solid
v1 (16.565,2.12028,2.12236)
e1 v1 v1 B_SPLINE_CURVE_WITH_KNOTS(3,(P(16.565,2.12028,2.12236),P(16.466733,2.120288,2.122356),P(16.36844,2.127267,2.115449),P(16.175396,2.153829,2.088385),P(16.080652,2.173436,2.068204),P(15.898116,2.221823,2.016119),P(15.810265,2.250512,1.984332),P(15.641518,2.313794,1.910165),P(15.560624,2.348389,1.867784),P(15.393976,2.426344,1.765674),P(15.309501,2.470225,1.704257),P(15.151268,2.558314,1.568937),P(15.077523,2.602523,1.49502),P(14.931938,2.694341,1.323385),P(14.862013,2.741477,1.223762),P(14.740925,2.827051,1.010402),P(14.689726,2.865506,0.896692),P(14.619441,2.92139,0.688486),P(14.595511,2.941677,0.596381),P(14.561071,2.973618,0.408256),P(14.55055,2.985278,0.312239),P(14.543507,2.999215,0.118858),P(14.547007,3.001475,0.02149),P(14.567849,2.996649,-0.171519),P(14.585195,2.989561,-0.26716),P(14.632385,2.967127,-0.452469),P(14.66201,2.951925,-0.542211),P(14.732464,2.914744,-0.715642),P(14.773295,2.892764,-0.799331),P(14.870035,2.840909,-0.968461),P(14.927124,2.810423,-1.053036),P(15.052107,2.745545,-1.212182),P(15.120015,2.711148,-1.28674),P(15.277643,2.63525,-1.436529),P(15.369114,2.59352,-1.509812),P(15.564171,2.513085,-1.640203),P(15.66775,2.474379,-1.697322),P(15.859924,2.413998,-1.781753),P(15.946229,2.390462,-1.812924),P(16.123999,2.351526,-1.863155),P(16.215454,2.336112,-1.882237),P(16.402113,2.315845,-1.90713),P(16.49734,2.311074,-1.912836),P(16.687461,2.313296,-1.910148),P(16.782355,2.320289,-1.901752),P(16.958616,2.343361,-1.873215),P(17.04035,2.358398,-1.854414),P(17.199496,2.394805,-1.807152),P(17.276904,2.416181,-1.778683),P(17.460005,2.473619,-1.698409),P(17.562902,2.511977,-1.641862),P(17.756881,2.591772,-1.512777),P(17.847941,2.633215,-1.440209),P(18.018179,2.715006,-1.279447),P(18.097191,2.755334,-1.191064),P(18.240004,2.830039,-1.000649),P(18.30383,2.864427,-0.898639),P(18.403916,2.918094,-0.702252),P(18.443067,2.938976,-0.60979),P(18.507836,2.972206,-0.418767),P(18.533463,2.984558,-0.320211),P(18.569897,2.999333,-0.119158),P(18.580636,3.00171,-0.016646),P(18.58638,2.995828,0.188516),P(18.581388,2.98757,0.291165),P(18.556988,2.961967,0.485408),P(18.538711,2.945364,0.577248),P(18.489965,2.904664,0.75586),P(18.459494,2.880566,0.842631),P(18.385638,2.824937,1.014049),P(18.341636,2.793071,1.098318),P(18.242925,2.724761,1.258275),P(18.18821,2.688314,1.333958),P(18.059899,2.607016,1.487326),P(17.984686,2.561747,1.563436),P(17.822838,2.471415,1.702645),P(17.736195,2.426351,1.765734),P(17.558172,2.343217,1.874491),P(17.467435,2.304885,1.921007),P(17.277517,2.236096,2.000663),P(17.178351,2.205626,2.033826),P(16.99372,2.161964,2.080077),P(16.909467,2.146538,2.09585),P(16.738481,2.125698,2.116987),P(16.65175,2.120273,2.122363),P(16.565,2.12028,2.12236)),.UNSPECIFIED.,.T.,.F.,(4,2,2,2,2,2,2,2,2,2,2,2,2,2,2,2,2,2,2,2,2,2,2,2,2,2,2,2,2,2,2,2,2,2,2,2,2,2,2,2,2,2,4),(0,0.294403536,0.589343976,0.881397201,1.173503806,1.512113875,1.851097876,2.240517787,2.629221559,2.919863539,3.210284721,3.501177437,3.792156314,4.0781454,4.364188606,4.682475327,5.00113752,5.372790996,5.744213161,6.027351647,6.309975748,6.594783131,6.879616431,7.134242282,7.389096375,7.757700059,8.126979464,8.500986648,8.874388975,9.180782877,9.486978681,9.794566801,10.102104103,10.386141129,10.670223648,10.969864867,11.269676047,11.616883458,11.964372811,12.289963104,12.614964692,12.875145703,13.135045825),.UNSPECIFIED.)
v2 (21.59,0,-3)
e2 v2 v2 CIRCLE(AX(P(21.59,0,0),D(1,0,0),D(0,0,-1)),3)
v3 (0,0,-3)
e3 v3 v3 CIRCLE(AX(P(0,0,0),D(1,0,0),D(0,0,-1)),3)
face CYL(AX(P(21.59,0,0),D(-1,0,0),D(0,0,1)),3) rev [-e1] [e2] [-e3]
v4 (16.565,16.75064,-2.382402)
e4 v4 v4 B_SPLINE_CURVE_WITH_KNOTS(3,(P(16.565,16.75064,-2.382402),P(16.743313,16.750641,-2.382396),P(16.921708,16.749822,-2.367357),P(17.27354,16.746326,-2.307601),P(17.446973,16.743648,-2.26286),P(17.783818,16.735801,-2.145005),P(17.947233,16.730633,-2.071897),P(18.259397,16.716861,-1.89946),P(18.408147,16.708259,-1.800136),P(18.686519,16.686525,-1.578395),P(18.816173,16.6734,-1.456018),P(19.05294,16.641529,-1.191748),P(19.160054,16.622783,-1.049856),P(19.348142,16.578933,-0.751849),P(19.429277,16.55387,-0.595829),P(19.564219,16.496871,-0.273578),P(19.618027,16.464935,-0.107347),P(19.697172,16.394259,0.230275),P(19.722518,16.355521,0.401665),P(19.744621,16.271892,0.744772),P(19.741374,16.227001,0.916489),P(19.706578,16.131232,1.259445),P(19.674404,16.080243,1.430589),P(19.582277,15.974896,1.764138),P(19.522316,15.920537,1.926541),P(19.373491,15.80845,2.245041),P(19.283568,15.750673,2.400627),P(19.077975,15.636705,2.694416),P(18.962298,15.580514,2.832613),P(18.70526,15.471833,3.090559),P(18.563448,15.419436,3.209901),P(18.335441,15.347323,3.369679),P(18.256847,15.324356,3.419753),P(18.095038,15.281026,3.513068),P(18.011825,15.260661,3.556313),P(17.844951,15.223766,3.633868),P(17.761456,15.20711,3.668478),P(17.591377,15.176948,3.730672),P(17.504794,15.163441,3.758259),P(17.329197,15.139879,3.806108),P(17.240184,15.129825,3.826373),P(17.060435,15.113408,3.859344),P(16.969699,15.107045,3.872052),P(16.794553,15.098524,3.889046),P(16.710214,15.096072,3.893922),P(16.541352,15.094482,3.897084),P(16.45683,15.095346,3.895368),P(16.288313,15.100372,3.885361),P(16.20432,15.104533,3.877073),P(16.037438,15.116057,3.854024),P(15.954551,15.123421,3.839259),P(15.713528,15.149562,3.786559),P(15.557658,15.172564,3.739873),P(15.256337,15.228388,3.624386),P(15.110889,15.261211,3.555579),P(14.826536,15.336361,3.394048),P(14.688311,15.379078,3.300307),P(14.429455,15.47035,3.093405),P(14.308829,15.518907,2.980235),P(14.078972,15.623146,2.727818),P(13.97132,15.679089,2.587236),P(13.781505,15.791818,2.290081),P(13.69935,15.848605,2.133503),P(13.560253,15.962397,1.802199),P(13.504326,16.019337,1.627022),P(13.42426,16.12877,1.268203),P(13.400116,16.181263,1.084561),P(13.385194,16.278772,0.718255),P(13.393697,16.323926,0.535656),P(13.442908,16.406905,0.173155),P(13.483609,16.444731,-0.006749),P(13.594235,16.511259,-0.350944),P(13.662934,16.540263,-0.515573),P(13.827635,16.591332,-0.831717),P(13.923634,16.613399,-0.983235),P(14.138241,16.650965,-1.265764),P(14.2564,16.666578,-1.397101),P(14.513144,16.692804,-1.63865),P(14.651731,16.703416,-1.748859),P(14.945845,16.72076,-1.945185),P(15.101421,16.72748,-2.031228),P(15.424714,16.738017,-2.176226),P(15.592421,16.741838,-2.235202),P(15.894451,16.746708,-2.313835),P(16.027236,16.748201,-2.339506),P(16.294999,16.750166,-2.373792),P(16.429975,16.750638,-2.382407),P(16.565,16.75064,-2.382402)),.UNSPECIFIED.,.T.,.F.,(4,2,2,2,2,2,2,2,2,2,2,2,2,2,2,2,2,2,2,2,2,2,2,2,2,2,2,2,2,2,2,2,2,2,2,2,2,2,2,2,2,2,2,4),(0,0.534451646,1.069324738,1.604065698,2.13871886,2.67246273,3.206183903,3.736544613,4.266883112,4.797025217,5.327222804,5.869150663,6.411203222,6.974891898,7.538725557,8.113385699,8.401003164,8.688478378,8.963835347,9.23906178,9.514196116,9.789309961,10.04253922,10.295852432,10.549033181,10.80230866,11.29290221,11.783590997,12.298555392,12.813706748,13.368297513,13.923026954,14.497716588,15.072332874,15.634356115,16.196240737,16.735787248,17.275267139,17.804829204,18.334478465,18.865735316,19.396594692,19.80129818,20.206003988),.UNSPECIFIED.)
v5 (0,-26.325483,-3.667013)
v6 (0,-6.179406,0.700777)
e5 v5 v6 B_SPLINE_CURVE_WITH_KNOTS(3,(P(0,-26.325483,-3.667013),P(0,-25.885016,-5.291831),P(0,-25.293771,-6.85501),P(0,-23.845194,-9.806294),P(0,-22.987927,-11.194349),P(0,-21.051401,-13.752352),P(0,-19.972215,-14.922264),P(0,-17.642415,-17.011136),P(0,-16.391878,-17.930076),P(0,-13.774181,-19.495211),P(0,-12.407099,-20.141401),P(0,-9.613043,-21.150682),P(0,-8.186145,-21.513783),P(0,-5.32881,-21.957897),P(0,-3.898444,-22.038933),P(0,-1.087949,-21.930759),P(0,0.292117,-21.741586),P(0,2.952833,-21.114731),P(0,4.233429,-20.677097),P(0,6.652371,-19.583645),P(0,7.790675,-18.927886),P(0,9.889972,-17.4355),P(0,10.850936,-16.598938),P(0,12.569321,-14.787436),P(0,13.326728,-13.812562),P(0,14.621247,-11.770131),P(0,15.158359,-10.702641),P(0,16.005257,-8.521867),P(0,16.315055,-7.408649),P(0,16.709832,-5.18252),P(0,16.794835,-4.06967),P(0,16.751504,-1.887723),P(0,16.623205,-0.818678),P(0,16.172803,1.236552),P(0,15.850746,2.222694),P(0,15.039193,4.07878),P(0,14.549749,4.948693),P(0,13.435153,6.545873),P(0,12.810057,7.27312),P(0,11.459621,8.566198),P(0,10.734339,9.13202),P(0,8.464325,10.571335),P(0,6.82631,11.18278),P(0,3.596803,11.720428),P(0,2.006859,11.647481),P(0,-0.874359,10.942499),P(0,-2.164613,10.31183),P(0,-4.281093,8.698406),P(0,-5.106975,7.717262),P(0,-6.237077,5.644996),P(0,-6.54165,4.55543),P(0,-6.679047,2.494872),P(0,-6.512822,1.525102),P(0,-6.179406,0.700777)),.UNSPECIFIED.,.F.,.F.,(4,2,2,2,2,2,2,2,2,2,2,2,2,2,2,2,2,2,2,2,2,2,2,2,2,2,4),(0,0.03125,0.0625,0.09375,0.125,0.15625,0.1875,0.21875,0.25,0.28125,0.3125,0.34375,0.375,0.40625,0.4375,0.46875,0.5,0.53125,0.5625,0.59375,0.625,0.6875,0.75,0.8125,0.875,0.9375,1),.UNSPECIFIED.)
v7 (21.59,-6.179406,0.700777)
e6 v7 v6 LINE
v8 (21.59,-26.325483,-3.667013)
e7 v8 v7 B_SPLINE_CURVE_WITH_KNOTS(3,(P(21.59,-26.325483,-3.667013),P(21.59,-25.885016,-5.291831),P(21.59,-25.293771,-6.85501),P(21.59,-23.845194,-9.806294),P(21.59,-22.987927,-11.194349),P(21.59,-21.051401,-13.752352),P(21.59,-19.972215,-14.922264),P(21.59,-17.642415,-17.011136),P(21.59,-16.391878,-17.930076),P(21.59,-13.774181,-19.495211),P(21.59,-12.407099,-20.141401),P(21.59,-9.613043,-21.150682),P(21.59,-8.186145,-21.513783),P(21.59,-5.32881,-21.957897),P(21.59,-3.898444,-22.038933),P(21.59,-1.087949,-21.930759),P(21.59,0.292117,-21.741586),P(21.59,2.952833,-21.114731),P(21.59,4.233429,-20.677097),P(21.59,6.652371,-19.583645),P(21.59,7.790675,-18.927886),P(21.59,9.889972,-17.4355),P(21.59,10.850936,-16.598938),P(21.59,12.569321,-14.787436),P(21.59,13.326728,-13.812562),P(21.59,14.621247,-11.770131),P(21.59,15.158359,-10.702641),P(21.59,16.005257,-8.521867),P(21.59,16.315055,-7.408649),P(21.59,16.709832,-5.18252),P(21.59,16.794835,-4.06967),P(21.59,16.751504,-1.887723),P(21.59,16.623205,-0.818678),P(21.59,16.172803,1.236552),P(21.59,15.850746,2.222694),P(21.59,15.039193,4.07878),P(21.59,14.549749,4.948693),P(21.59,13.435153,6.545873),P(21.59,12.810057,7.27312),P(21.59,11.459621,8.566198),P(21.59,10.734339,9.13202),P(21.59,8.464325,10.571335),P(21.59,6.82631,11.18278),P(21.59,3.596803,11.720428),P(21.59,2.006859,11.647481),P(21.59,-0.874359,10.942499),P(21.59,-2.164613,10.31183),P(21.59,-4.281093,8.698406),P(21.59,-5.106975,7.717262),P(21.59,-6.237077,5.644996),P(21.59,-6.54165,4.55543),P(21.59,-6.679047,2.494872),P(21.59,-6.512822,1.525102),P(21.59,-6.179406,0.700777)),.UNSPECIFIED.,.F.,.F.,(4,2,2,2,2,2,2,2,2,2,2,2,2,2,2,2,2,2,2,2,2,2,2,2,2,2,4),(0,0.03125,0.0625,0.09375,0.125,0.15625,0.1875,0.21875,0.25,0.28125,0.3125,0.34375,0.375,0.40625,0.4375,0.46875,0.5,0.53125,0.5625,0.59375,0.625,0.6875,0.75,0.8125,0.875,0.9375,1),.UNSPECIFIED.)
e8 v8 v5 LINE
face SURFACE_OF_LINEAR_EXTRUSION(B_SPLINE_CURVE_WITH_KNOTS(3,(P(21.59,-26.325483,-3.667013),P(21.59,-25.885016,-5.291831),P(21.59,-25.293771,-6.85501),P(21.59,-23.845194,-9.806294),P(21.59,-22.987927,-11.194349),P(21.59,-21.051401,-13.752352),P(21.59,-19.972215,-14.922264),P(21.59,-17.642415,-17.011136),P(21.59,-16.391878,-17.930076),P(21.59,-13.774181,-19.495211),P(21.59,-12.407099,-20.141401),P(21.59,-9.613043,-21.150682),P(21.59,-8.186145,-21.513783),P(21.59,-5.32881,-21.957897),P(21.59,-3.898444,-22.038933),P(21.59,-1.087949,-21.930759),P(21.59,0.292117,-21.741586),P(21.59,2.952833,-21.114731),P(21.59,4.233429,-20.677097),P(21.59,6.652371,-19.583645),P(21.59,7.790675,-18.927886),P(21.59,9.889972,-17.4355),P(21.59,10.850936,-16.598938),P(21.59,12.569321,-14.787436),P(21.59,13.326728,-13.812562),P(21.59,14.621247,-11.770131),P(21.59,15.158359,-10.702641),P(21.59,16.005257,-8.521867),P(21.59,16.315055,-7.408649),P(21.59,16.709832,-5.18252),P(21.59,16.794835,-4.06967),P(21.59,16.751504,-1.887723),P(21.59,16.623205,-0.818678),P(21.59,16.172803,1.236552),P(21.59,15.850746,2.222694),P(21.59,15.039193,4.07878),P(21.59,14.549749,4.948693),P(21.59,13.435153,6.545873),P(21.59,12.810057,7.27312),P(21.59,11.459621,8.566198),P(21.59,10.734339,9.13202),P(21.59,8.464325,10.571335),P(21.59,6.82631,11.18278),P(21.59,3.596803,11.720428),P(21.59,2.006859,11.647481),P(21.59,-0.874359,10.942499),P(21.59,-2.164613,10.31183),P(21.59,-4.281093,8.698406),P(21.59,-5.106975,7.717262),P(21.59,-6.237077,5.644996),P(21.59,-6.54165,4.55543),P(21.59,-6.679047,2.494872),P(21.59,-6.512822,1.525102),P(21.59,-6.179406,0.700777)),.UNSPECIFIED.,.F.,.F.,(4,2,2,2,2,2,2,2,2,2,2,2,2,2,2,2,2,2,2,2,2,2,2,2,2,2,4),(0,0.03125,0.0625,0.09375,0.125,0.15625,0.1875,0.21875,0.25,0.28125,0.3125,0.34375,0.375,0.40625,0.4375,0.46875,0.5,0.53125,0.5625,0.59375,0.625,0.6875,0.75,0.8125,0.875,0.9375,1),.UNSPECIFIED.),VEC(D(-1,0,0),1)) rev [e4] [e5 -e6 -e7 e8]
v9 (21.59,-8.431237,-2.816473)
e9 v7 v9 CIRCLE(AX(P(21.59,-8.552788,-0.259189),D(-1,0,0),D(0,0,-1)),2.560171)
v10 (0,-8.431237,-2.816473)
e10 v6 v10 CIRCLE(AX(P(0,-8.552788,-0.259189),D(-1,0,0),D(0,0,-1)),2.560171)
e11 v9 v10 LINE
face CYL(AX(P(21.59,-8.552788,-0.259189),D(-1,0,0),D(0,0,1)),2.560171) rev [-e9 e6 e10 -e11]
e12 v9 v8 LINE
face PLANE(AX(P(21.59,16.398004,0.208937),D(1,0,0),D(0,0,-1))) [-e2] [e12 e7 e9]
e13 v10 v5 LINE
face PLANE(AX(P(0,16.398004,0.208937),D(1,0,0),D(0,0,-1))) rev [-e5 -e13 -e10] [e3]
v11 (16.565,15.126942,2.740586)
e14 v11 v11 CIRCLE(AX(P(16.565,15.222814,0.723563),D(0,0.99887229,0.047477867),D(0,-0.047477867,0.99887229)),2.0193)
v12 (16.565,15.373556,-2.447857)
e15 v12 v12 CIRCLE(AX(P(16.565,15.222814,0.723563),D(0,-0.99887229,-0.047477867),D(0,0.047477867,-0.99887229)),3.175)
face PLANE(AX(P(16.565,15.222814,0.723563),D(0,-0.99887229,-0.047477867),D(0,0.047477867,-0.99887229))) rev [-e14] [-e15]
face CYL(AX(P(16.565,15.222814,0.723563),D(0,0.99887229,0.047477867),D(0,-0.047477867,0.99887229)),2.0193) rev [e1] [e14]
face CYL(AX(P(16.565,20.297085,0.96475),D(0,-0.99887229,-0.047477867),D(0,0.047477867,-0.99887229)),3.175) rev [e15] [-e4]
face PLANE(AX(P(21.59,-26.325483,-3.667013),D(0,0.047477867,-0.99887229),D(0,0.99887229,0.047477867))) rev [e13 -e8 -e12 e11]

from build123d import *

# Parameters (mm, degrees)
SKETCH4_R                  = 3
BOSS_EXTRUDE1_DEPTH        = 21.59
CUT_EXTRUDE1_START         = -15.24
SKETCH8_R                  = 3.175
CUT_EXTRUDE1_DEPTH         = 5.08
F_10_32_TAPPED_HOLE1_D     = 4.0386
F_10_32_TAPPED_HOLE1_DEPTH = 13.8176
F_10_32_TAPPED_HOLE1_TIP   = 1.213317848


with BuildPart() as part:
    # Sketch4 → Boss-Extrude1 (new body)
    with BuildSketch(Plane(origin=(0, 0, 0), x_dir=(0, 0, -1), z_dir=(1, 0, 0))):
        with BuildLine():
            Line((3.667013126, -26.3254835), (2.816473307, -8.431236894))
            ThreePointArc((2.816473307, -8.431236894), (1.639602622, -6.396649217), (-0.700777066, -6.179406175))
            add(Edge.make_bspline(
                [(-0.700777066, -6.179406175), (-1.525102008, -6.512822326), (-2.494871997, -6.679047096), (-4.555429578, -6.54165034), (-5.644996058, -6.237076936), (-7.717261628, -5.106975392), (-8.698405735, -4.281093265), (-10.311829803, -2.164612563), (-10.942499326, -0.874358563), (-11.647480976, 2.006859472), (-11.720427957, 3.596803483), (-11.182779689, 6.826310345), (-10.571334953, 8.46432492), (-9.132019695, 10.73433891), (-8.566197708, 11.459621106), (-7.273120414, 12.810057002), (-6.545872807, 13.435152517), (-4.948692799, 14.549748502), (-4.078780417, 15.039192621), (-2.22269385, 15.85074605), (-1.236551533, 16.172803424), (0.818678144, 16.623204755), (1.887722789, 16.751503646), (4.069669804, 16.79483508), (5.182520117, 16.709831654), (7.408648574, 16.315055224), (8.521867273, 16.00525724), (10.70264063, 15.158359498), (11.770130786, 14.621247223), (13.812561896, 13.326727542), (14.787435905, 12.56932106), (16.598938448, 10.850935673), (17.435500393, 9.889971566), (18.927885533, 7.790674993), (19.583645356, 6.652371052), (20.677096627, 4.233429246), (21.114730733, 2.952832896), (21.741586229, 0.292117033), (21.930758945, -1.087949282), (22.038932986, -3.898444365), (21.957896657, -5.328810088), (21.513783431, -8.186144708), (21.150681858, -9.613043017), (20.141400668, -12.407098951), (19.49521083, -13.774181132), (17.930076055, -16.391877744), (17.011136269, -17.642414844), (14.922264044, -19.972214517), (13.752352434, -21.051401006), (11.194349378, -22.98792657), (9.80629411, -23.845193985), (6.855009859, -25.29377098), (5.291831431, -25.88501641), (3.667013126, -26.3254835)],
                knots=[0, 0, 0, 0, 0.0625, 0.0625, 0.125, 0.125, 0.1875, 0.1875, 0.25, 0.25, 0.3125, 0.3125, 0.375, 0.375, 0.40625, 0.40625, 0.4375, 0.4375, 0.46875, 0.46875, 0.5, 0.5, 0.53125, 0.53125, 0.5625, 0.5625, 0.59375, 0.59375, 0.625, 0.625, 0.65625, 0.65625, 0.6875, 0.6875, 0.71875, 0.71875, 0.75, 0.75, 0.78125, 0.78125, 0.8125, 0.8125, 0.84375, 0.84375, 0.875, 0.875, 0.90625, 0.90625, 0.9375, 0.9375, 0.96875, 0.96875, 1, 1, 1, 1], degree=3))
        make_face()
        Circle(SKETCH4_R, mode=Mode.SUBTRACT)
    extrude(amount=BOSS_EXTRUDE1_DEPTH)

    # Sketch8 → Cut-Extrude1 (cut)
    with BuildSketch(Plane(origin=(0, 0, 0), x_dir=(1, 0, 0), z_dir=(0, -0.9988722902167577, -0.04747786681317337)).offset(CUT_EXTRUDE1_START)):
        with Locations((16.565, 0)):
            Circle(SKETCH8_R)
    extrude(amount=-CUT_EXTRUDE1_DEPTH, mode=Mode.SUBTRACT)

    # #10-32 Tapped Hole1
    with Locations(Plane(origin=(0, 15.222813703, 0.72356269), x_dir=(1, 0, 0), z_dir=(0, 0.9988722902167577, 0.04747786681317337))):
        with Locations((16.565, 0)):
            Hole(F_10_32_TAPPED_HOLE1_D / 2, depth=F_10_32_TAPPED_HOLE1_DEPTH)
            with Locations((0, 0, -(F_10_32_TAPPED_HOLE1_DEPTH + F_10_32_TAPPED_HOLE1_TIP / 2))):  # 118° drill point
                Cone(0, F_10_32_TAPPED_HOLE1_D / 2, F_10_32_TAPPED_HOLE1_TIP, mode=Mode.SUBTRACT)


solid = part.part
